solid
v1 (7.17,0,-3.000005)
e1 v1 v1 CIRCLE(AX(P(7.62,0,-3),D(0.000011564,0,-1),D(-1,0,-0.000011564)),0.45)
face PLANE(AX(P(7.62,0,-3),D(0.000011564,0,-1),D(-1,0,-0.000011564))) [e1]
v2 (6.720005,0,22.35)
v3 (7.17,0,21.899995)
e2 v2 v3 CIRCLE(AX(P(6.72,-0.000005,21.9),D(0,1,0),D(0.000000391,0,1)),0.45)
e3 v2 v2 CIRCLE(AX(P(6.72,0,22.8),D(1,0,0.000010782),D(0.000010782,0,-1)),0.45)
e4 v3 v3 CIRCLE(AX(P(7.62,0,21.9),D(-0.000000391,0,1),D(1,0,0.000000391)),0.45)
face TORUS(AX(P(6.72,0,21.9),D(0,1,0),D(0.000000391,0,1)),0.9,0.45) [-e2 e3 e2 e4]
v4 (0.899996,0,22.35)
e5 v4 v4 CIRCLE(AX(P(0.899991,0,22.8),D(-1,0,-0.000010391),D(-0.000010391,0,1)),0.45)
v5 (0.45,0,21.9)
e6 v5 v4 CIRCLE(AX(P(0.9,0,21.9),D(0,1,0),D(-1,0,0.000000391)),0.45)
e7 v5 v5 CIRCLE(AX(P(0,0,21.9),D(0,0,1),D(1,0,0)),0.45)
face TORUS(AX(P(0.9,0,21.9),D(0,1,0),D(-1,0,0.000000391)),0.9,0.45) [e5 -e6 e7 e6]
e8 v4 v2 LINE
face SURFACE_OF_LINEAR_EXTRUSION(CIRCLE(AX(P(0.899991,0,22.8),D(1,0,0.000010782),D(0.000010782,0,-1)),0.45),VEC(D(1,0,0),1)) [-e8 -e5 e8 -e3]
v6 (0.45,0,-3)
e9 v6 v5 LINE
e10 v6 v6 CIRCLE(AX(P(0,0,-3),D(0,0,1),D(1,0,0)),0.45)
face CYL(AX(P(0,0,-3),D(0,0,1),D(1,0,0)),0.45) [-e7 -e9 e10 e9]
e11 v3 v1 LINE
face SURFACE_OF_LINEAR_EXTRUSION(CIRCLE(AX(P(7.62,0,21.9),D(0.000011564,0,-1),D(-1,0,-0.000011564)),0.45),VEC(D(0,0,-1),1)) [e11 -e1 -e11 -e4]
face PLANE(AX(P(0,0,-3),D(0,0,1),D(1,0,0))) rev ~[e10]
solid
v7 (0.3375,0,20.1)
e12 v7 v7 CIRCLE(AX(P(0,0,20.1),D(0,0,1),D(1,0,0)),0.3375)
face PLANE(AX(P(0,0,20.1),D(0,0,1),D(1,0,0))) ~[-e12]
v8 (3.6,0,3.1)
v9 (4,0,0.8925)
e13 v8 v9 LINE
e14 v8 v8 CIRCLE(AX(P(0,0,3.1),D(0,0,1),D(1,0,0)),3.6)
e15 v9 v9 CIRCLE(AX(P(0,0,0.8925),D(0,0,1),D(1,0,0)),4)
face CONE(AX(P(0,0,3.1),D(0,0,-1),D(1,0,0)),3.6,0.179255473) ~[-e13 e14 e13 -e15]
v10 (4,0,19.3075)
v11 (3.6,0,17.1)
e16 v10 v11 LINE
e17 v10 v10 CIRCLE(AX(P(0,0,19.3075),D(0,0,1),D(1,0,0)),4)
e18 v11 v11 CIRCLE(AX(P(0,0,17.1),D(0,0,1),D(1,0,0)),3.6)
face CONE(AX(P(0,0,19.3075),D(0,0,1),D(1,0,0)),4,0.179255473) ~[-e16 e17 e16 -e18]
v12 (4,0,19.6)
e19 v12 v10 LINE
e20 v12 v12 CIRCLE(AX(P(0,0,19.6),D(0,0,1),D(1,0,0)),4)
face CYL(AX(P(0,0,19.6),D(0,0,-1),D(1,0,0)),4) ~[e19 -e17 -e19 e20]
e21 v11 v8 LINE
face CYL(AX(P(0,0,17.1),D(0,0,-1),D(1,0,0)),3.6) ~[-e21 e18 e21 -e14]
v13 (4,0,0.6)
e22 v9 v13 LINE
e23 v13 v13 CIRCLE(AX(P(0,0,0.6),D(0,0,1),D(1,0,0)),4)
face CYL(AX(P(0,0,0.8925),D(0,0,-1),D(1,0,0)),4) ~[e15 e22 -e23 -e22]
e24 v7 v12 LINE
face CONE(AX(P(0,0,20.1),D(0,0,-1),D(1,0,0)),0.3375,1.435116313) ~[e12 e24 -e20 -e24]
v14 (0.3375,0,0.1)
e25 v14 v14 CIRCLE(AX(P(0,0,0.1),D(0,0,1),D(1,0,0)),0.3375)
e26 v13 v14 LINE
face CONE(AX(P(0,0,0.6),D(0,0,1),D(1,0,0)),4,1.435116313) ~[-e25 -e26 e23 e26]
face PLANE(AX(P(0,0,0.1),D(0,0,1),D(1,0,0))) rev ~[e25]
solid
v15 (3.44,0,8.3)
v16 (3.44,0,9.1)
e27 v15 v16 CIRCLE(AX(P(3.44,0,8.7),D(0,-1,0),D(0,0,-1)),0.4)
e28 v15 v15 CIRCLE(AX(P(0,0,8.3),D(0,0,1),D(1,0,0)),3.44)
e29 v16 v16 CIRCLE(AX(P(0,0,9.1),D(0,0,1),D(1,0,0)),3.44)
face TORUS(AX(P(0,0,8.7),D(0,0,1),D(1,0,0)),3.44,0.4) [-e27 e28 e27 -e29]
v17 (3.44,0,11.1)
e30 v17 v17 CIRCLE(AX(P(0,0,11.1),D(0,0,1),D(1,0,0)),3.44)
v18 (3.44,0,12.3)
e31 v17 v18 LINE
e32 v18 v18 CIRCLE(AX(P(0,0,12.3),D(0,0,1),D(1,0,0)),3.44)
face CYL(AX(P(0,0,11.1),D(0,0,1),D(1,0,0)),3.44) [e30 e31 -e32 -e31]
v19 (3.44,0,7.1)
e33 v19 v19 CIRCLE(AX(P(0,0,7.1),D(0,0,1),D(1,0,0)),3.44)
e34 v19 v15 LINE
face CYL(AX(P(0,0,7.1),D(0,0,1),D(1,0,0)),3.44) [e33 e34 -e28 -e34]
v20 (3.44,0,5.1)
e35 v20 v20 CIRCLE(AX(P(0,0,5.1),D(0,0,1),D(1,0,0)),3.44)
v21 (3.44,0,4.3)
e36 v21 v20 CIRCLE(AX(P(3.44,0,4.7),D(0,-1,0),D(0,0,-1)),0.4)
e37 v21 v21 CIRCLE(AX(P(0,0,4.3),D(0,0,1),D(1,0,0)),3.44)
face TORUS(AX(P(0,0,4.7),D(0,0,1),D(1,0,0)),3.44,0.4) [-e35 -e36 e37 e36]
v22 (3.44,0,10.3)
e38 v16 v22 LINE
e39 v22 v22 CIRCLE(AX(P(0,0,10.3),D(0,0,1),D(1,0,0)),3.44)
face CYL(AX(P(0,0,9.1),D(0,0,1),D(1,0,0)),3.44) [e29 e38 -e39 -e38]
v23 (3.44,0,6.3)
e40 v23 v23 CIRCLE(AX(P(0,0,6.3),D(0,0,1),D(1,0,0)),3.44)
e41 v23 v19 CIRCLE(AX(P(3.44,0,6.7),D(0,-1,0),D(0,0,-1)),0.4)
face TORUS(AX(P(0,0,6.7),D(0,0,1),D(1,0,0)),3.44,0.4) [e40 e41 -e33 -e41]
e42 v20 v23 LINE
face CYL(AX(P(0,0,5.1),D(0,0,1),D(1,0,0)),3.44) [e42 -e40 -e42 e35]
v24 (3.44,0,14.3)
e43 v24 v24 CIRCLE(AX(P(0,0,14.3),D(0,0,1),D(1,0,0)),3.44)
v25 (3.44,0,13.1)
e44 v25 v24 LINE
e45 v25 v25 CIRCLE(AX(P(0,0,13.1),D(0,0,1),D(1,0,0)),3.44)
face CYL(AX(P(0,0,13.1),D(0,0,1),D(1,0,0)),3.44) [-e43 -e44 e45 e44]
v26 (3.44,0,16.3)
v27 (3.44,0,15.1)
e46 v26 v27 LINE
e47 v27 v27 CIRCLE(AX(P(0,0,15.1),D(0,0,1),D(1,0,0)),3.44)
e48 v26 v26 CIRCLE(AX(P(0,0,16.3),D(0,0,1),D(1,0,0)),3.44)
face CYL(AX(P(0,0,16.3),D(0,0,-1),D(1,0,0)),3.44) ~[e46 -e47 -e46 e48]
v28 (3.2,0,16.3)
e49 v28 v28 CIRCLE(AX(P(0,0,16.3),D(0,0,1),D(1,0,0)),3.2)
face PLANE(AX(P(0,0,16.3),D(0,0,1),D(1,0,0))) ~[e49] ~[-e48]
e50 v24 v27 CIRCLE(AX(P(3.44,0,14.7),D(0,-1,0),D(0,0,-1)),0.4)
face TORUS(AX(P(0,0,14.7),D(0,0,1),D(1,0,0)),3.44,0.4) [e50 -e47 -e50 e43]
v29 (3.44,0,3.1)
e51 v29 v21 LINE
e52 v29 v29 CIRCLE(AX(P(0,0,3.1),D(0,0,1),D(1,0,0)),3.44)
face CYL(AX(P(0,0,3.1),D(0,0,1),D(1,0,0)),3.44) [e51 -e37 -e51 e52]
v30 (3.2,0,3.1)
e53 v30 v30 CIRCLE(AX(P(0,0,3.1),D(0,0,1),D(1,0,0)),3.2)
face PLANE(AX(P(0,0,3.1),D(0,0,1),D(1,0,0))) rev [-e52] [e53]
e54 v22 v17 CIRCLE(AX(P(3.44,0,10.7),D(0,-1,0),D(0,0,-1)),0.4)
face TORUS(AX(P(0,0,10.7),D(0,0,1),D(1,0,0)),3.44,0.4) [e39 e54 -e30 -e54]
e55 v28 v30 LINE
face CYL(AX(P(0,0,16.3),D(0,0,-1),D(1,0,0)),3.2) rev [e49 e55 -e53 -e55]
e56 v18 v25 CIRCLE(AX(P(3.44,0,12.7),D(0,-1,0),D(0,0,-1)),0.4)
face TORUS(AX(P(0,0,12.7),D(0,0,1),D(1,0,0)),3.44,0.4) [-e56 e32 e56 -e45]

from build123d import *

# Parameters (mm, degrees)
SKETCH_R = 0.45


with BuildPart() as sweep_body:
    # Sweep: sweep along a path in Sketch001
    with BuildLine(Plane.XZ) as sweep_path:
        Line((0, -3), (0, 21.9))
        ThreePointArc((0, 21.9), (0.263601, 22.536393), (0.899991, 22.8))
        Line((0.899991, 22.8), (6.72, 22.8))
        ThreePointArc((6.72, 22.8), (7.356396, 22.536396), (7.62, 21.9))
        Line((7.62, 21.9), (7.62, -3))
    # Sketch → Sweep (sweep)
    with BuildSketch(Plane.XY.offset(-2)):
        Circle(SKETCH_R)
    sweep(path=sweep_path.line)


with BuildPart() as revolution:
    # Sketch002 → Revolution (revolve)
    with BuildSketch(Plane.XZ):
        Polygon((0, 0.1), (0, 20.1), (0.3375, 20.1), (4, 19.6), (4, 19.3075), (3.6, 17.1), (3.6, 3.1), (4, 0.8925), (4, 0.6), (0.3375, 0.1), align=None)
    revolve(axis=Axis((0, 0, 0), (0, 0, 1)))


with BuildPart() as revolution001:
    # Sketch003 → Revolution001 (revolve)
    with BuildSketch(Plane.XZ):
        with BuildLine():
            Line((3.2, 16.3), (3.2, 3.1))
            Line((3.2, 3.1), (3.44, 3.1))
            Line((3.44, 3.1), (3.44, 4.3))
            ThreePointArc((3.44, 4.3), (3.84, 4.7), (3.44, 5.1))
            Line((3.44, 5.1), (3.44, 6.3))
            ThreePointArc((3.44, 6.3), (3.84, 6.7), (3.44, 7.1))
            Line((3.44, 7.1), (3.44, 8.3))
            ThreePointArc((3.44, 8.3), (3.84, 8.7), (3.44, 9.1))
            Line((3.44, 9.1), (3.44, 10.3))
            ThreePointArc((3.44, 10.3), (3.84, 10.7), (3.44, 11.1))
            Line((3.44, 11.1), (3.44, 12.3))
            ThreePointArc((3.44, 12.3), (3.84, 12.7), (3.44, 13.1))
            Line((3.44, 13.1), (3.44, 14.3))
            ThreePointArc((3.44, 14.3), (3.84, 14.7), (3.44, 15.1))
            Line((3.44, 16.3), (3.44, 15.1))
            Line((3.2, 16.3), (3.44, 16.3))
        make_face()
    revolve(axis=Axis((0, 0, 0), (0, 0, 1)))


solid = Compound([sweep_body.part, revolution.part, revolution001.part])
